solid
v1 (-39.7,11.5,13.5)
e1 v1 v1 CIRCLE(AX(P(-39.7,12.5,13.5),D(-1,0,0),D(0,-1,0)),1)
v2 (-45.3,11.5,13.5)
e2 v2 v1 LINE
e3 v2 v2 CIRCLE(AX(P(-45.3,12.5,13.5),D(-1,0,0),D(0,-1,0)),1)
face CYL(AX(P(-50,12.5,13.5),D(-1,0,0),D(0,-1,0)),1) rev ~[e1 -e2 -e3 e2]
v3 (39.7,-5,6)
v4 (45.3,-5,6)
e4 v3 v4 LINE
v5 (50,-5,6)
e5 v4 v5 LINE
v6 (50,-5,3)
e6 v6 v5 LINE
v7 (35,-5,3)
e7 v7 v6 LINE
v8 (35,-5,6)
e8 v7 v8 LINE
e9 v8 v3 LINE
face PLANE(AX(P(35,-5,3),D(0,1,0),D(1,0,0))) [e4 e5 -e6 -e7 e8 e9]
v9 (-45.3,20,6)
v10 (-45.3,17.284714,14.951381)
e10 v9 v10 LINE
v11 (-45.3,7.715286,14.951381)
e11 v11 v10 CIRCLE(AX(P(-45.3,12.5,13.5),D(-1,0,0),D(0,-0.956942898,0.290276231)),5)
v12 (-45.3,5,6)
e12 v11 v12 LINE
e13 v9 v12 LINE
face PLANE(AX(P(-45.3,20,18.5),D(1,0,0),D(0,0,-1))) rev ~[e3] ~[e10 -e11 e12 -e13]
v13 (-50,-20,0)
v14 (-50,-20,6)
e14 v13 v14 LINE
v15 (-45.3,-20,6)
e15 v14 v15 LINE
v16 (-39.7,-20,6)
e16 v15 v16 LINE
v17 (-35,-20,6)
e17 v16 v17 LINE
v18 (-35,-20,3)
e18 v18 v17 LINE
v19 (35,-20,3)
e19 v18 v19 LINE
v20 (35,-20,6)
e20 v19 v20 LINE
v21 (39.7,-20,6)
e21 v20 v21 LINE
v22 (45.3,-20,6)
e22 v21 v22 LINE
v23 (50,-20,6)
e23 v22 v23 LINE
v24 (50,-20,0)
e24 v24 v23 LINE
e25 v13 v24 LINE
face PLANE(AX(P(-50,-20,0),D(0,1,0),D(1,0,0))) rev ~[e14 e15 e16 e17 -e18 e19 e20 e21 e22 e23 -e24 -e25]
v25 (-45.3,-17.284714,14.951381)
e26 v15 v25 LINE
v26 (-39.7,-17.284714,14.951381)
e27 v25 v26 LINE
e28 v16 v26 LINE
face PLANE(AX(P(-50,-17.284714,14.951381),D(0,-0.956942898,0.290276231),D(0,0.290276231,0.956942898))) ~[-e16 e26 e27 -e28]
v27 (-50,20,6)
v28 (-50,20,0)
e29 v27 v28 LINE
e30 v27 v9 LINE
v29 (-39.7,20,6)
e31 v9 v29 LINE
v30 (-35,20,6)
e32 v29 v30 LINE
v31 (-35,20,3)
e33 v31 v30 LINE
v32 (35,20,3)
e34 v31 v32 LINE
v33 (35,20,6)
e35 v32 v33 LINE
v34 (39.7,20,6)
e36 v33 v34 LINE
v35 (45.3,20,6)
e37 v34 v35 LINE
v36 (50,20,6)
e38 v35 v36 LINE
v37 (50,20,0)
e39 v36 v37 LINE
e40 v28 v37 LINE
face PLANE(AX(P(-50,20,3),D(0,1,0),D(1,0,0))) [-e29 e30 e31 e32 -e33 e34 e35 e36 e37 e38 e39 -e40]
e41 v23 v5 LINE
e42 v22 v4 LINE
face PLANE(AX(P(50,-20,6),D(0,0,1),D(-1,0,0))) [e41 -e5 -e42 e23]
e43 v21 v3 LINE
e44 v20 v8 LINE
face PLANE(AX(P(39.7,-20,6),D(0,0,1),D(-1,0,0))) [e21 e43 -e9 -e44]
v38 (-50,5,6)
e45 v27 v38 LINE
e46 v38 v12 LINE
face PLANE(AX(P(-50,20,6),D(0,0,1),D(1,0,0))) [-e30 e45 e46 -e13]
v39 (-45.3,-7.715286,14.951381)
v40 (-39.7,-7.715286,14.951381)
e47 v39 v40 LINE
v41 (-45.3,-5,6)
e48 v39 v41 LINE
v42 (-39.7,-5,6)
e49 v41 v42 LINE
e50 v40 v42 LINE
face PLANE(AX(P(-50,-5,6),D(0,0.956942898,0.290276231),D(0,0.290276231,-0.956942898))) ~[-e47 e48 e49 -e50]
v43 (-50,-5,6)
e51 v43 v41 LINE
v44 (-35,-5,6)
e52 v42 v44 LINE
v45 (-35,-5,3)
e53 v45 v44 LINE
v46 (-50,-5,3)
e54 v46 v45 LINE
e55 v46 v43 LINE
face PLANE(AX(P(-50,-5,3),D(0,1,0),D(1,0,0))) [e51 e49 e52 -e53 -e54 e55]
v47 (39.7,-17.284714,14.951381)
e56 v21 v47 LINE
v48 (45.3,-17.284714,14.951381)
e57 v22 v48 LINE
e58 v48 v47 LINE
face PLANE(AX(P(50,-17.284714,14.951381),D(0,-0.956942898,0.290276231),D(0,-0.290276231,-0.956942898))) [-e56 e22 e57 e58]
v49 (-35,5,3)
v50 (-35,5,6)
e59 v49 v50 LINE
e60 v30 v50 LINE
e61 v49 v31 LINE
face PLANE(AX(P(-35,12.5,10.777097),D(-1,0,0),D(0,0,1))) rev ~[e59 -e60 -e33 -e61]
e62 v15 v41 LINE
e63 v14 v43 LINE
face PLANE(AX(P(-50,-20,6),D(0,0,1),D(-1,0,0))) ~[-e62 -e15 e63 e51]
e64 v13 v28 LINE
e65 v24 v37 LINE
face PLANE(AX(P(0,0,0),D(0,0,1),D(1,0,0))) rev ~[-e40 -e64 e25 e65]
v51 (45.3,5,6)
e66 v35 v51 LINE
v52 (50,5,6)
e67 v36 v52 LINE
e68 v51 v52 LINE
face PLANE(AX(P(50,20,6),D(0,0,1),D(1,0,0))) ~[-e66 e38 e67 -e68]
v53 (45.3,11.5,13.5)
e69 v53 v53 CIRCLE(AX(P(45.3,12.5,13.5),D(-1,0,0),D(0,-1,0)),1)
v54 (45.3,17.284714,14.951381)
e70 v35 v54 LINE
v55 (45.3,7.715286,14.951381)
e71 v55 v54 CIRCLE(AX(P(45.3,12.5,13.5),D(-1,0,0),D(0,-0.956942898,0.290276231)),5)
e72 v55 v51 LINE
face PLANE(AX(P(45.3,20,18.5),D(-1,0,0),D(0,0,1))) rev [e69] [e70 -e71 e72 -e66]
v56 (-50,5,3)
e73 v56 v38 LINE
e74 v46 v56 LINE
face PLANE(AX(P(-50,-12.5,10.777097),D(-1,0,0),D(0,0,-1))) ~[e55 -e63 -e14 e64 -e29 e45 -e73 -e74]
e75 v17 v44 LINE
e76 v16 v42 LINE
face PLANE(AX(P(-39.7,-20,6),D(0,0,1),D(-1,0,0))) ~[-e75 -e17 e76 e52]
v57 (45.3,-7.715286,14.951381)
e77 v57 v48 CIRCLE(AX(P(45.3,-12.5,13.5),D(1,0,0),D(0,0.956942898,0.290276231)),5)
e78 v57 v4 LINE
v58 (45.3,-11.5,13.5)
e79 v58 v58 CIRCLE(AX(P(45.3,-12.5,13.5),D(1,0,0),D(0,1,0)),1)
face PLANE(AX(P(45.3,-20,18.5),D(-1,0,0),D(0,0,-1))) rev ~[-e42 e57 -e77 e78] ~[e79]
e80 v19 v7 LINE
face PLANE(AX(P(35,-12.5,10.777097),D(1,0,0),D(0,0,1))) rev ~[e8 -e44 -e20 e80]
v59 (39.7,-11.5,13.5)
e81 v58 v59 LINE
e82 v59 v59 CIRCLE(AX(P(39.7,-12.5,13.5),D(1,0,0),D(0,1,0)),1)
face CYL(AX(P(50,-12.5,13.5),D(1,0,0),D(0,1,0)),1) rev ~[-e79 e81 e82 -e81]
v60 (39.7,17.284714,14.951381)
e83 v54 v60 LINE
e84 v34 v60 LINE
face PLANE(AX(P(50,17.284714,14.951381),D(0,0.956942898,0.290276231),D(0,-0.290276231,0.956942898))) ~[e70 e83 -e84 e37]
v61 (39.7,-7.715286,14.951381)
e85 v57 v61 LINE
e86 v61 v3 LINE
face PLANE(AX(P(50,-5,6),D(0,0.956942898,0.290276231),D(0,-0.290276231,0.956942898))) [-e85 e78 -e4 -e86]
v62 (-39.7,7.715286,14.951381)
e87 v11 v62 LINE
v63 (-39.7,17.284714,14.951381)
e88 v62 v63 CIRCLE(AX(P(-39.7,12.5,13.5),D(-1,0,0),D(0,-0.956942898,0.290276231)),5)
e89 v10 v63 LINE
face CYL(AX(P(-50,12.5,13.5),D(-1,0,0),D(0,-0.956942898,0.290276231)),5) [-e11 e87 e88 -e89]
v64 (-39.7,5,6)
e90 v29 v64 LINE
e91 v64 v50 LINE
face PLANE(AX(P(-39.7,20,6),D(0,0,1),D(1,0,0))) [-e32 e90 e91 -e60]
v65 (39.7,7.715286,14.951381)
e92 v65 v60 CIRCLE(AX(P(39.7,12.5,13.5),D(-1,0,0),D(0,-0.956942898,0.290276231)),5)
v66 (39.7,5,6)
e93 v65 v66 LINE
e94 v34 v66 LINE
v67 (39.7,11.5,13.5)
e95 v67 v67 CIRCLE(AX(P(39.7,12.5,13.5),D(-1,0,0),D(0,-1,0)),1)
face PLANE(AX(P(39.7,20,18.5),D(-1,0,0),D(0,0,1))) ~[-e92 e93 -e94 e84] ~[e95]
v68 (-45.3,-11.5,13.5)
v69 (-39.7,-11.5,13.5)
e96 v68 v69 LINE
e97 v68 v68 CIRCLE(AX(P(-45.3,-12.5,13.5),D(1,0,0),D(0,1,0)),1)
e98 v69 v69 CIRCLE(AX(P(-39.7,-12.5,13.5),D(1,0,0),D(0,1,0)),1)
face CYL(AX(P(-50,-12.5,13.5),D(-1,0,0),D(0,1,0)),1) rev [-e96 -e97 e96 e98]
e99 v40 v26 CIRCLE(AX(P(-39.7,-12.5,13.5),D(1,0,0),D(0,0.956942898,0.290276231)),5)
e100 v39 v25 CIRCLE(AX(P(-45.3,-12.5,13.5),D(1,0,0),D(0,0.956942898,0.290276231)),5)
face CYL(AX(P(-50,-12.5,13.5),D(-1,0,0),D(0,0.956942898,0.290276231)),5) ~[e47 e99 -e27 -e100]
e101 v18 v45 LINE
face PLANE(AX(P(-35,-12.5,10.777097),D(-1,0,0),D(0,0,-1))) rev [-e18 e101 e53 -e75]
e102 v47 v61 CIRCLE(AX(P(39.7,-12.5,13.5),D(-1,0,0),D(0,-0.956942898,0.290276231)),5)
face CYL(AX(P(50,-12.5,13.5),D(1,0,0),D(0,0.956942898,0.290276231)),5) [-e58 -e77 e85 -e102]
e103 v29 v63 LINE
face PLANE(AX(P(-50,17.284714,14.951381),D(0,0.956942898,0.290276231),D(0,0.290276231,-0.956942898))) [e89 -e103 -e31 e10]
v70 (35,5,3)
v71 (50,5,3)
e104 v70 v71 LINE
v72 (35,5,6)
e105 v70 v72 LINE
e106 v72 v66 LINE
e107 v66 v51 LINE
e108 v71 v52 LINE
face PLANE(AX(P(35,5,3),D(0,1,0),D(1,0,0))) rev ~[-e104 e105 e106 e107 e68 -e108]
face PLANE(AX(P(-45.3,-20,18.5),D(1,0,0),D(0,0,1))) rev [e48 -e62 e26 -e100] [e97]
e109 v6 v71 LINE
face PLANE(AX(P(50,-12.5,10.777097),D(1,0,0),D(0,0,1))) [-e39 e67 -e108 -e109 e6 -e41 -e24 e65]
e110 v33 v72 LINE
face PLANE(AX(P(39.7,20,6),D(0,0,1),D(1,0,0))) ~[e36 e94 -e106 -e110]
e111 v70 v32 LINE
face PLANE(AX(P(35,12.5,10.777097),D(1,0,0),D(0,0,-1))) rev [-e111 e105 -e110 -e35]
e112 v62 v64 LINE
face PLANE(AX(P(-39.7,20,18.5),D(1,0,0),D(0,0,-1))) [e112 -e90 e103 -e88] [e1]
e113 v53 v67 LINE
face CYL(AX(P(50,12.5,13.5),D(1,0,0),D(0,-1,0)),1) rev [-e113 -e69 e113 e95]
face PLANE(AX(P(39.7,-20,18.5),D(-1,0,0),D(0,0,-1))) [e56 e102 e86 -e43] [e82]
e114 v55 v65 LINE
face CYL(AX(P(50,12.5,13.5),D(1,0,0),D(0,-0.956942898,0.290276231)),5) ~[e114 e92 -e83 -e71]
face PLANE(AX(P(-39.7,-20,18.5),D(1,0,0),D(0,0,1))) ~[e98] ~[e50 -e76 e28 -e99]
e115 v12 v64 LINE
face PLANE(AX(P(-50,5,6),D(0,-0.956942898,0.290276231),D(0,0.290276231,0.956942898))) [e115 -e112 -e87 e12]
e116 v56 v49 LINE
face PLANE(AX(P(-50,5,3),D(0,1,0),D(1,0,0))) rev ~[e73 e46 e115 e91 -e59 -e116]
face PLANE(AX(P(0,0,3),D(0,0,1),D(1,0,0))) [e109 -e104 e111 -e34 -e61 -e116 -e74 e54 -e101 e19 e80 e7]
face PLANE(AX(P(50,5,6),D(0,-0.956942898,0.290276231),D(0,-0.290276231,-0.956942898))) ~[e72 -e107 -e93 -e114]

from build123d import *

# Parameters (mm, degrees)
SKETCH1_W               = 100
SKETCH1_H               = 40
BOSS_EXTRUDE1_DEPTH     = 3
SKETCH2_W               = 15
SKETCH2_H               = 15
BOSS_EXTRUDE2_DEPTH     = 3
SKETCH3_R               = 1
BOSS_EXTRUDE3_DEPTH     = 15
CUT_EXTRUDE1_REACH      = 68.65
SKETCH4_W               = 4.7
SKETCH4_H               = 12.5
MIRROR2_COPY_1_SKETCH_R = 1
MIRROR2_COPY_1_DEPTH    = 15
MIRROR2_COPY_2_REACH    = 68.65
MIRROR2_COPY_2_SKETCH_W = 4.7
MIRROR2_COPY_2_SKETCH_H = 12.5


with BuildPart() as part:
    # Sketch1 → Boss-Extrude1 (new body)
    with BuildSketch(Plane.XY):
        Rectangle(SKETCH1_W, SKETCH1_H)
    extrude(amount=BOSS_EXTRUDE1_DEPTH)

    # Sketch2 → Boss-Extrude2 (add)
    with BuildSketch(Plane.XY.offset(3)):
        with Locations((-42.5, 12.5)):
            Rectangle(SKETCH2_W, SKETCH2_H)
        with Locations((-42.5, -12.5)):
            Rectangle(SKETCH2_W, SKETCH2_H)
        with Locations((42.5, -12.5)):
            Rectangle(SKETCH2_W, SKETCH2_H)
        with Locations((42.5, 12.5)):
            Rectangle(SKETCH2_W, SKETCH2_H)
    extrude(amount=BOSS_EXTRUDE2_DEPTH)

    # Sketch3 → Boss-Extrude3 (add)
    with BuildSketch(Plane.ZY.offset(50)):
        with BuildLine():
            Line((6, 5), (14.951381156, 7.715285511))
            ThreePointArc((14.951381156, 7.715285511), (18.5, 12.5), (14.951381156, 17.284714489))
            Line((14.951381156, 17.284714489), (6, 20))
            Line((6, 20), (6, 5))
        make_face()
        with Locations(Location((13.5, 12.5, 0), (0, 0, 270))):
            Circle(SKETCH3_R, mode=Mode.SUBTRACT)
    boss_extrude3 = extrude(amount=-BOSS_EXTRUDE3_DEPTH)

    # Sketch4 → Cut-Extrude1 (cut, up to next)
    with BuildSketch(Plane(origin=(0, 20, 0), x_dir=(1, 0, 0), z_dir=(0, 1, 0)), mode=Mode.PRIVATE) as cut_extrude1_sk1:
        with Locations((-37.35, -12.25)):
            Rectangle(SKETCH4_W, SKETCH4_H)
    cut_extrude1_tool1 = extrude(cut_extrude1_sk1.sketch, amount=-CUT_EXTRUDE1_REACH, mode=Mode.PRIVATE) & part.part
    # Sketch4 → Cut-Extrude1 (cut, up to next)
    with BuildSketch(Plane(origin=(0, 20, 0), x_dir=(1, 0, 0), z_dir=(0, 1, 0)), mode=Mode.PRIVATE) as cut_extrude1_sk2:
        with Locations((-47.65, -12.25)):
            Rectangle(SKETCH4_W, SKETCH4_H)
    cut_extrude1_tool2 = extrude(cut_extrude1_sk2.sketch, amount=-CUT_EXTRUDE1_REACH, mode=Mode.PRIVATE) & part.part
    cut_extrude1_1 = cut_extrude1_tool1.solids().sort_by_distance((-37.35, 20, 12.25))[0]
    add(cut_extrude1_1, mode=Mode.SUBTRACT)
    cut_extrude1_2 = cut_extrude1_tool2.solids().sort_by_distance((-47.65, 20, 12.25))[0]
    add(cut_extrude1_2, mode=Mode.SUBTRACT)
    cut_extrude1 = cut_extrude1_1 + cut_extrude1_2  # Cut-Extrude1 as one shape, for the pattern or mirror that repeats it

    # Mirror1: Boss-Extrude3, Cut-Extrude1 across plane
    add(boss_extrude3.mirror(Plane.ZX))
    add(cut_extrude1.mirror(Plane.ZX), mode=Mode.SUBTRACT)

    # Mirror2: Boss-Extrude3, Cut-Extrude1 across plane
    add(boss_extrude3.mirror(Plane(origin=(0, 0, 0), x_dir=(0, 0, 1), z_dir=(1, 0, 0))))
    add(cut_extrude1.mirror(Plane(origin=(0, 0, 0), x_dir=(0, 0, 1), z_dir=(1, 0, 0))), mode=Mode.SUBTRACT)

    # Mirror2 copy 1 sketch → Mirror2 copy 1 (add)
    with BuildSketch(Plane(origin=(50, 0, 0), x_dir=(0, 0, 1), z_dir=(1, 0, 0))):
        with BuildLine():
            Line((6, 5), (14.951381156, 7.715285511))
            ThreePointArc((14.951381156, 7.715285511), (18.5, 12.5), (14.951381156, 17.284714489))
            Line((14.951381156, 17.284714489), (6, 20))
            Line((6, 20), (6, 5))
        make_face()
        with Locations(Location((13.5, 12.5, 0), (0, 0, 270))):
            Circle(MIRROR2_COPY_1_SKETCH_R, mode=Mode.SUBTRACT)
    extrude(amount=-MIRROR2_COPY_1_DEPTH)

    # Mirror2 copy 2 sketch → Mirror2 copy 2 (cut, up to next)
    with BuildSketch(Plane(origin=(0, -20, 0), x_dir=(-1, 0, 0), z_dir=(0, -1, 0)), mode=Mode.PRIVATE) as mirror2_copy_2_sk1:
        with Locations((-37.35, -12.25)):
            Rectangle(MIRROR2_COPY_2_SKETCH_W, MIRROR2_COPY_2_SKETCH_H)
    mirror2_copy_2_tool1 = extrude(mirror2_copy_2_sk1.sketch, amount=-MIRROR2_COPY_2_REACH, mode=Mode.PRIVATE) & part.part
    # Mirror2 copy 2 sketch → Mirror2 copy 2 (cut, up to next)
    with BuildSketch(Plane(origin=(0, -20, 0), x_dir=(-1, 0, 0), z_dir=(0, -1, 0)), mode=Mode.PRIVATE) as mirror2_copy_2_sk2:
        with Locations((-47.65, -12.25)):
            Rectangle(MIRROR2_COPY_2_SKETCH_W, MIRROR2_COPY_2_SKETCH_H)
    mirror2_copy_2_tool2 = extrude(mirror2_copy_2_sk2.sketch, amount=-MIRROR2_COPY_2_REACH, mode=Mode.PRIVATE) & part.part
    add(mirror2_copy_2_tool1.solids().sort_by_distance((37.35, -20, 12.25))[0], mode=Mode.SUBTRACT)
    add(mirror2_copy_2_tool2.solids().sort_by_distance((47.65, -20, 12.25))[0], mode=Mode.SUBTRACT)


solid = part.part
